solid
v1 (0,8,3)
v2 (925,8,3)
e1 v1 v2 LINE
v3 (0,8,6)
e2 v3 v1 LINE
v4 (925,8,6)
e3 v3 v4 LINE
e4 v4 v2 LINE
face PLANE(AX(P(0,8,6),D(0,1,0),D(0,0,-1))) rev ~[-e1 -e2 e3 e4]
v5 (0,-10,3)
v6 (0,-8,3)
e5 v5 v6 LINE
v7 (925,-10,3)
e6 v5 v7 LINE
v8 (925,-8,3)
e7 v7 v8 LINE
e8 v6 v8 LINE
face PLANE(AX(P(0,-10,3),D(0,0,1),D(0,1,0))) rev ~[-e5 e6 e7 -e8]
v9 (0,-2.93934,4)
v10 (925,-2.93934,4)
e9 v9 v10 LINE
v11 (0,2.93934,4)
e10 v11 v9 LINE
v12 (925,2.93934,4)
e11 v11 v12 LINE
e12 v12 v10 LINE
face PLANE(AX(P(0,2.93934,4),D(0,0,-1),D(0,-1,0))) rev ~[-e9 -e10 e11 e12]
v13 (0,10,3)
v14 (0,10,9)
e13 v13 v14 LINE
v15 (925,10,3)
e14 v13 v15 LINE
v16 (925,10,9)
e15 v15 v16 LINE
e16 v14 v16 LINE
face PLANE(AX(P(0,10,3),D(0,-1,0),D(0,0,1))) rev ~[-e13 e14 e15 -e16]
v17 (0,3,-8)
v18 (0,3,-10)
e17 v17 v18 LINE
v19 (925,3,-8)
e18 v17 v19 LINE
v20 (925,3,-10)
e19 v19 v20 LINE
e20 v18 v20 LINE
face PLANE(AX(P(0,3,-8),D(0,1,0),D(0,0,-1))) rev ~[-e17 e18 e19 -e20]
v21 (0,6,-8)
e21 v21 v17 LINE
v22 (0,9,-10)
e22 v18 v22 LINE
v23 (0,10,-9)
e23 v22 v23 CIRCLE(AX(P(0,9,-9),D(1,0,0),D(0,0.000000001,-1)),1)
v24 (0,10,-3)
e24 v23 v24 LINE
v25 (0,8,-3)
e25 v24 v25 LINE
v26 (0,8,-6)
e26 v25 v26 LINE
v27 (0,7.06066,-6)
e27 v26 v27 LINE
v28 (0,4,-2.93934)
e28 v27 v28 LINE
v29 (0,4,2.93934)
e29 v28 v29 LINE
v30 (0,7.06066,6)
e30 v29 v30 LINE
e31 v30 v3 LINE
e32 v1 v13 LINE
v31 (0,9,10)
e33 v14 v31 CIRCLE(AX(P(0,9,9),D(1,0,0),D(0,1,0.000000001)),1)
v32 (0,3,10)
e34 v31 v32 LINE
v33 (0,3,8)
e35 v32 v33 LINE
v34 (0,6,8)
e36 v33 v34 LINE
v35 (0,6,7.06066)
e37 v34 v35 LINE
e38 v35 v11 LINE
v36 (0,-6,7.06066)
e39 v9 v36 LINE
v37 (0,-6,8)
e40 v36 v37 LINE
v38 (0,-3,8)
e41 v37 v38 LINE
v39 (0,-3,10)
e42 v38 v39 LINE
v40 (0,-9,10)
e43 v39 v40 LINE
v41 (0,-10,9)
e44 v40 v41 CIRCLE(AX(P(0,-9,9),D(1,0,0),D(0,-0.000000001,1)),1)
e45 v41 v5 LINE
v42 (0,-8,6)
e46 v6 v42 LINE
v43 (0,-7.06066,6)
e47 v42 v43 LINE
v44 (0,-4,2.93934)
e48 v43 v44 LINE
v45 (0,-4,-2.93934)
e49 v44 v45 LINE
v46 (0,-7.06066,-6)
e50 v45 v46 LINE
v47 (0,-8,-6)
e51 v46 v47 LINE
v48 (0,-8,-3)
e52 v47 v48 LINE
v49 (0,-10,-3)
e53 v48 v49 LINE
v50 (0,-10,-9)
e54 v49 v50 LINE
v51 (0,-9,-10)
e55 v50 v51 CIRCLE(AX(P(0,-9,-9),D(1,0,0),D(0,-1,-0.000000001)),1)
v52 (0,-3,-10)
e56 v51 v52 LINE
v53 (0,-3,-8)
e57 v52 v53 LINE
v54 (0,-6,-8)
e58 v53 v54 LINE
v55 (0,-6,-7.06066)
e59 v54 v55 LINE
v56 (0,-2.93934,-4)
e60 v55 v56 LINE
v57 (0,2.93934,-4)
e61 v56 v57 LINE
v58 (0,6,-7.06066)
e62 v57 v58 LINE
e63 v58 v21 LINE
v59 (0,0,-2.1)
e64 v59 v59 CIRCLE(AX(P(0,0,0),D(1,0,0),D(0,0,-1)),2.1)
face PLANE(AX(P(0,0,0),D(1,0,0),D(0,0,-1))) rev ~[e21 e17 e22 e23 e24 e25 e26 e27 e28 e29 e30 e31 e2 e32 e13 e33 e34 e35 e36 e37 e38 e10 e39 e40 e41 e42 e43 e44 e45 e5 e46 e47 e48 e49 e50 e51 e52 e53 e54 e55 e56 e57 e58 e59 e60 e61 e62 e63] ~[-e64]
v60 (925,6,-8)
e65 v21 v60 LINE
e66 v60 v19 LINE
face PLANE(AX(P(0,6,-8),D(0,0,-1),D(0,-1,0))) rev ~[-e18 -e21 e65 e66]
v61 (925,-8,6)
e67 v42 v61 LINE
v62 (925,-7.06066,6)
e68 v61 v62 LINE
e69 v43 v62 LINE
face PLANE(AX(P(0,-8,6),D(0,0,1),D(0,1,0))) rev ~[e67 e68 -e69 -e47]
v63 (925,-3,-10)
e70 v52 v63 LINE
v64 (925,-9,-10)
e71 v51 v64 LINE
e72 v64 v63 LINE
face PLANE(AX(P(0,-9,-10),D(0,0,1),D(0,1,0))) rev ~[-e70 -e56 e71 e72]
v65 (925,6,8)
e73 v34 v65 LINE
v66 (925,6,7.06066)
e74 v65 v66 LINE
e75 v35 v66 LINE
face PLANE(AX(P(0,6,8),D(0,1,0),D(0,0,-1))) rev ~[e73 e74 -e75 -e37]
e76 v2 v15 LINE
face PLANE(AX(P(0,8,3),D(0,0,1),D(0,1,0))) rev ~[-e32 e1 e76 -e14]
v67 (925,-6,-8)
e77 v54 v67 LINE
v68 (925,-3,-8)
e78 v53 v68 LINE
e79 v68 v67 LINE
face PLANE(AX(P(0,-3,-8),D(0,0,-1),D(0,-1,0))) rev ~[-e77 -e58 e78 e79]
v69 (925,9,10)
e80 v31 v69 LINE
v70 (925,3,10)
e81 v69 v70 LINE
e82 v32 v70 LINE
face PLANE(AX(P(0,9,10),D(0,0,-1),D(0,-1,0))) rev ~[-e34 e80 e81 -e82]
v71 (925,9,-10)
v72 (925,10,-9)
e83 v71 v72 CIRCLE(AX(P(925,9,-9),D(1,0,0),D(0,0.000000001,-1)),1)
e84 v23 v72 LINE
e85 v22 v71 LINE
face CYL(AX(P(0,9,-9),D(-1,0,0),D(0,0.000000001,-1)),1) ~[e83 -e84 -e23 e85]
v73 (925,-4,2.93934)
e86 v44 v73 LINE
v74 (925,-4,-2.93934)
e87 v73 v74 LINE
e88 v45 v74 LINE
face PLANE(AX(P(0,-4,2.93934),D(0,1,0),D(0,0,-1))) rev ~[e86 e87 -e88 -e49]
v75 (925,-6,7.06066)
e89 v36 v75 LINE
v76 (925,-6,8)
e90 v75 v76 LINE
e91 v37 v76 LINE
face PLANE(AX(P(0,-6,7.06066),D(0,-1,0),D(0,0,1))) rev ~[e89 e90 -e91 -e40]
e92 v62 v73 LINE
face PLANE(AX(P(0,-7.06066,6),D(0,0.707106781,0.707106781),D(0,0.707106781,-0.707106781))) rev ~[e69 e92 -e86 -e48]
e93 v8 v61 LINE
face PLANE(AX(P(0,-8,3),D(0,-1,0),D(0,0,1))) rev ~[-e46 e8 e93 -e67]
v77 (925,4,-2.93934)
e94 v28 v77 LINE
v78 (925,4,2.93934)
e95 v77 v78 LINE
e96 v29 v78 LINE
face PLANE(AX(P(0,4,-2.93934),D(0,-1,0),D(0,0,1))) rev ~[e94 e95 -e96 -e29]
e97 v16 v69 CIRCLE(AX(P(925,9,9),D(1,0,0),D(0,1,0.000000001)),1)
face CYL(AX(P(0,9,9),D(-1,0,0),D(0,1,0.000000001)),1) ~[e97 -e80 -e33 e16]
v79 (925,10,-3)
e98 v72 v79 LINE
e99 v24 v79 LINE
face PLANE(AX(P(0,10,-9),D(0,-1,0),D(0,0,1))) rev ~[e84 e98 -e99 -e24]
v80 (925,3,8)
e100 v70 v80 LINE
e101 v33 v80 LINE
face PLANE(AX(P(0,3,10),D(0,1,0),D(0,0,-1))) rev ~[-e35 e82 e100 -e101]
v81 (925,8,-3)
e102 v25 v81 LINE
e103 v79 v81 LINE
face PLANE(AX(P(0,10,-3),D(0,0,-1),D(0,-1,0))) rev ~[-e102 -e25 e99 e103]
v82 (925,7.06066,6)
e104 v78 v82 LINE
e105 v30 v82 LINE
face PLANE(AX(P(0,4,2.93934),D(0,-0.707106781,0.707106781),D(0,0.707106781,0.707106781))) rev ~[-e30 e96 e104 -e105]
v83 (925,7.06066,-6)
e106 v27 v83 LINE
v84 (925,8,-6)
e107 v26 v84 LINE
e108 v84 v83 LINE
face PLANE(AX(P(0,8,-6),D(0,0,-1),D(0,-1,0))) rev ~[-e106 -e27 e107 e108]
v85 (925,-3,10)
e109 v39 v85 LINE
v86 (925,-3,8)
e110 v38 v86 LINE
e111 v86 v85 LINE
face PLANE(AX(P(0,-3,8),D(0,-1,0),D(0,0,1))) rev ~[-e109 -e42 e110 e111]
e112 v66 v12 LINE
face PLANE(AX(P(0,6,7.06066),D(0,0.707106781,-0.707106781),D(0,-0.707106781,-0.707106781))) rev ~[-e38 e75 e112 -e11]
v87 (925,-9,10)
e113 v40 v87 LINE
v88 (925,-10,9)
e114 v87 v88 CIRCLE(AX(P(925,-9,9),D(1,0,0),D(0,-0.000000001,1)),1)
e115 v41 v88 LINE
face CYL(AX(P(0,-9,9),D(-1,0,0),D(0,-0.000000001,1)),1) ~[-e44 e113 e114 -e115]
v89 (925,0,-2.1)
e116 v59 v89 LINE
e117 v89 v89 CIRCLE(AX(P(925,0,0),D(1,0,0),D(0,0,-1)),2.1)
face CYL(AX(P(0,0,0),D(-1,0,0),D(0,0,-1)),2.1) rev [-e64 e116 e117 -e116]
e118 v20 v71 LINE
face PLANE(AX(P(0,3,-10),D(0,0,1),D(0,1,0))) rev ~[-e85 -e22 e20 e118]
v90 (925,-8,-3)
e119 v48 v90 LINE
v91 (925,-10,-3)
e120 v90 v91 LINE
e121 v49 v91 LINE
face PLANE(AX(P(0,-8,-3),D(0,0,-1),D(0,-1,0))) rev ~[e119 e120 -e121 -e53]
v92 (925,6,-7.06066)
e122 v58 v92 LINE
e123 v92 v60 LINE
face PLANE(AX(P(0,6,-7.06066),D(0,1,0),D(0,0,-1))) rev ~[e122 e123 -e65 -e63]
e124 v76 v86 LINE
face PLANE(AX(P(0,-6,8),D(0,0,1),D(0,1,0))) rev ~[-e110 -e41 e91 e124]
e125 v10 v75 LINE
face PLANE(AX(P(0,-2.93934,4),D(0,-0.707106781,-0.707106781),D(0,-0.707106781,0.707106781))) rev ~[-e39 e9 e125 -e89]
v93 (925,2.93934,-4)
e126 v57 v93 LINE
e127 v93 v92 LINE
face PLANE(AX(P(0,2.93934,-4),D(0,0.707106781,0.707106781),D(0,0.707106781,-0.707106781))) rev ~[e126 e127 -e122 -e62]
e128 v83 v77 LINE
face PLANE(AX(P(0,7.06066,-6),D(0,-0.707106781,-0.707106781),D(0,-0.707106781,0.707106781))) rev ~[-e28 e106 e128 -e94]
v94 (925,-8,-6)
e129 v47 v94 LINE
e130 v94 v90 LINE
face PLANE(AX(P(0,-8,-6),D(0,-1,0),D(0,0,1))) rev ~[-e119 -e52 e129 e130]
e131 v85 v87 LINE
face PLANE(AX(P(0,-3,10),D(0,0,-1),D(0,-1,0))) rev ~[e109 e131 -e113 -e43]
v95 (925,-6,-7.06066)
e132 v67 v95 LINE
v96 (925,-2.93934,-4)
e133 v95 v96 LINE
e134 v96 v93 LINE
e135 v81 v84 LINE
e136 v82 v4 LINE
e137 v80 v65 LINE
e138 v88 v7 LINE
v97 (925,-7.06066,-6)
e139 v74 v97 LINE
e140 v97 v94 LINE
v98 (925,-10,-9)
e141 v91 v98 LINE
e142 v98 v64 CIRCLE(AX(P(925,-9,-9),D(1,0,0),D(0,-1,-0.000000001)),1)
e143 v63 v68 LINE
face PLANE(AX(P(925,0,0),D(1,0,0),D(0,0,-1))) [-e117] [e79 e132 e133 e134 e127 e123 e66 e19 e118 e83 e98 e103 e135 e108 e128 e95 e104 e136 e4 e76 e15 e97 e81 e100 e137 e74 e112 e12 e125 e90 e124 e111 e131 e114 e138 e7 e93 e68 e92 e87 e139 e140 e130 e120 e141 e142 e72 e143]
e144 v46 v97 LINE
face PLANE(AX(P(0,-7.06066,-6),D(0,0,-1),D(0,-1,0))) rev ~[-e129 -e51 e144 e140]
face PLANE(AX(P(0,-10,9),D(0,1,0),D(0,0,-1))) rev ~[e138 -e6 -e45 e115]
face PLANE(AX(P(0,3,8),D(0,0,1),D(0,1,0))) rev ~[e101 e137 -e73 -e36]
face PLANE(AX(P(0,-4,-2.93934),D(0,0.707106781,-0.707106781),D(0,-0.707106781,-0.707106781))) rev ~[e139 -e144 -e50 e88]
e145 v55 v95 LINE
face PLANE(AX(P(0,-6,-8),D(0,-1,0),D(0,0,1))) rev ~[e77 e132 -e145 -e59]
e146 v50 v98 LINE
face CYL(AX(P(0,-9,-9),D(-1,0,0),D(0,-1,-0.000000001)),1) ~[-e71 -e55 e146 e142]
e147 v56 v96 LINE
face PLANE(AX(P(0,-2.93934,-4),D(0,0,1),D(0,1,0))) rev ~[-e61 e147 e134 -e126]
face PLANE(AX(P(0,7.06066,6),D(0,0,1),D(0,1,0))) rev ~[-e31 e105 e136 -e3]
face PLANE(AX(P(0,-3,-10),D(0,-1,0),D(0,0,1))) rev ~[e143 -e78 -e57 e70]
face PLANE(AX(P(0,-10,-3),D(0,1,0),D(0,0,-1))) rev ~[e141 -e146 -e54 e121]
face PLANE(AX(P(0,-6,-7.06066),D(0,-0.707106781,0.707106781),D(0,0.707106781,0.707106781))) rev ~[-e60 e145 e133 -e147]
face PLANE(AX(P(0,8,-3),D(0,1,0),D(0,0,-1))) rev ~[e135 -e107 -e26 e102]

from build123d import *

# Parameters (mm, degrees)
SKETCH1_R           = 2.1
BOSS_EXTRUDE1_DEPTH = 925


with BuildPart() as part:
    # Sketch1 → Boss-Extrude1 (new body)
    with BuildSketch(Plane(origin=(0, 0, 0), x_dir=(0, 0, -1), z_dir=(1, 0, 0))):
        with BuildLine():
            Line((-10, 9), (-10, 3))
            Line((-10, 3), (-8, 3))
            Line((-8, 3), (-8, 6))
            Line((-8, 6), (-7.060660172, 6))
            Line((-7.060660172, 6), (-4, 2.939339828))
            Line((-4, 2.939339828), (-4, -2.939339828))
            Line((-4, -2.939339828), (-7.060660172, -6))
            Line((-7.060660172, -6), (-8, -6))
            Line((-8, -6), (-8, -3))
            Line((-8, -3), (-10, -3))
            Line((-10, -3), (-10, -9))
            ThreePointArc((-10, -9), (-9.707106781, -9.707106781), (-9, -10))
            Line((-9, -10), (-3, -10))
            Line((-3, -10), (-3, -8))
            Line((-3, -8), (-6, -8))
            Line((-6, -8), (-6, -7.060660172))
            Line((-6, -7.060660172), (-2.939339828, -4))
            Line((-2.939339828, -4), (2.939339828, -4))
            Line((2.939339828, -4), (6, -7.060660172))
            Line((6, -7.060660172), (6, -8))
            Line((6, -8), (3, -8))
            Line((3, -8), (3, -10))
            Line((3, -10), (9, -10))
            ThreePointArc((9, -10), (9.707106781, -9.707106781), (10, -9))
            Line((10, -9), (10, -3))
            Line((10, -3), (8, -3))
            Line((8, -3), (8, -6))
            Line((8, -6), (7.060660172, -6))
            Line((7.060660172, -6), (4, -2.939339828))
            Line((4, -2.939339828), (4, 2.939339828))
            Line((4, 2.939339828), (7.060660172, 6))
            Line((7.060660172, 6), (8, 6))
            Line((8, 6), (8, 3))
            Line((8, 3), (10, 3))
            Line((10, 3), (10, 9))
            ThreePointArc((10, 9), (9.707106781, 9.707106781), (9, 10))
            Line((9, 10), (3, 10))
            Line((3, 10), (3, 8))
            Line((3, 8), (6, 8))
            Line((6, 8), (6, 7.060660172))
            Line((6, 7.060660172), (2.939339828, 4))
            Line((2.939339828, 4), (-2.939339828, 4))
            Line((-2.939339828, 4), (-6, 7.060660172))
            Line((-6, 7.060660172), (-6, 8))
            Line((-6, 8), (-3, 8))
            Line((-3, 8), (-3, 10))
            Line((-3, 10), (-9, 10))
            ThreePointArc((-9, 10), (-9.707106781, 9.707106781), (-10, 9))
        make_face()
        Circle(SKETCH1_R, mode=Mode.SUBTRACT)
    extrude(amount=BOSS_EXTRUDE1_DEPTH)


solid = part.part
